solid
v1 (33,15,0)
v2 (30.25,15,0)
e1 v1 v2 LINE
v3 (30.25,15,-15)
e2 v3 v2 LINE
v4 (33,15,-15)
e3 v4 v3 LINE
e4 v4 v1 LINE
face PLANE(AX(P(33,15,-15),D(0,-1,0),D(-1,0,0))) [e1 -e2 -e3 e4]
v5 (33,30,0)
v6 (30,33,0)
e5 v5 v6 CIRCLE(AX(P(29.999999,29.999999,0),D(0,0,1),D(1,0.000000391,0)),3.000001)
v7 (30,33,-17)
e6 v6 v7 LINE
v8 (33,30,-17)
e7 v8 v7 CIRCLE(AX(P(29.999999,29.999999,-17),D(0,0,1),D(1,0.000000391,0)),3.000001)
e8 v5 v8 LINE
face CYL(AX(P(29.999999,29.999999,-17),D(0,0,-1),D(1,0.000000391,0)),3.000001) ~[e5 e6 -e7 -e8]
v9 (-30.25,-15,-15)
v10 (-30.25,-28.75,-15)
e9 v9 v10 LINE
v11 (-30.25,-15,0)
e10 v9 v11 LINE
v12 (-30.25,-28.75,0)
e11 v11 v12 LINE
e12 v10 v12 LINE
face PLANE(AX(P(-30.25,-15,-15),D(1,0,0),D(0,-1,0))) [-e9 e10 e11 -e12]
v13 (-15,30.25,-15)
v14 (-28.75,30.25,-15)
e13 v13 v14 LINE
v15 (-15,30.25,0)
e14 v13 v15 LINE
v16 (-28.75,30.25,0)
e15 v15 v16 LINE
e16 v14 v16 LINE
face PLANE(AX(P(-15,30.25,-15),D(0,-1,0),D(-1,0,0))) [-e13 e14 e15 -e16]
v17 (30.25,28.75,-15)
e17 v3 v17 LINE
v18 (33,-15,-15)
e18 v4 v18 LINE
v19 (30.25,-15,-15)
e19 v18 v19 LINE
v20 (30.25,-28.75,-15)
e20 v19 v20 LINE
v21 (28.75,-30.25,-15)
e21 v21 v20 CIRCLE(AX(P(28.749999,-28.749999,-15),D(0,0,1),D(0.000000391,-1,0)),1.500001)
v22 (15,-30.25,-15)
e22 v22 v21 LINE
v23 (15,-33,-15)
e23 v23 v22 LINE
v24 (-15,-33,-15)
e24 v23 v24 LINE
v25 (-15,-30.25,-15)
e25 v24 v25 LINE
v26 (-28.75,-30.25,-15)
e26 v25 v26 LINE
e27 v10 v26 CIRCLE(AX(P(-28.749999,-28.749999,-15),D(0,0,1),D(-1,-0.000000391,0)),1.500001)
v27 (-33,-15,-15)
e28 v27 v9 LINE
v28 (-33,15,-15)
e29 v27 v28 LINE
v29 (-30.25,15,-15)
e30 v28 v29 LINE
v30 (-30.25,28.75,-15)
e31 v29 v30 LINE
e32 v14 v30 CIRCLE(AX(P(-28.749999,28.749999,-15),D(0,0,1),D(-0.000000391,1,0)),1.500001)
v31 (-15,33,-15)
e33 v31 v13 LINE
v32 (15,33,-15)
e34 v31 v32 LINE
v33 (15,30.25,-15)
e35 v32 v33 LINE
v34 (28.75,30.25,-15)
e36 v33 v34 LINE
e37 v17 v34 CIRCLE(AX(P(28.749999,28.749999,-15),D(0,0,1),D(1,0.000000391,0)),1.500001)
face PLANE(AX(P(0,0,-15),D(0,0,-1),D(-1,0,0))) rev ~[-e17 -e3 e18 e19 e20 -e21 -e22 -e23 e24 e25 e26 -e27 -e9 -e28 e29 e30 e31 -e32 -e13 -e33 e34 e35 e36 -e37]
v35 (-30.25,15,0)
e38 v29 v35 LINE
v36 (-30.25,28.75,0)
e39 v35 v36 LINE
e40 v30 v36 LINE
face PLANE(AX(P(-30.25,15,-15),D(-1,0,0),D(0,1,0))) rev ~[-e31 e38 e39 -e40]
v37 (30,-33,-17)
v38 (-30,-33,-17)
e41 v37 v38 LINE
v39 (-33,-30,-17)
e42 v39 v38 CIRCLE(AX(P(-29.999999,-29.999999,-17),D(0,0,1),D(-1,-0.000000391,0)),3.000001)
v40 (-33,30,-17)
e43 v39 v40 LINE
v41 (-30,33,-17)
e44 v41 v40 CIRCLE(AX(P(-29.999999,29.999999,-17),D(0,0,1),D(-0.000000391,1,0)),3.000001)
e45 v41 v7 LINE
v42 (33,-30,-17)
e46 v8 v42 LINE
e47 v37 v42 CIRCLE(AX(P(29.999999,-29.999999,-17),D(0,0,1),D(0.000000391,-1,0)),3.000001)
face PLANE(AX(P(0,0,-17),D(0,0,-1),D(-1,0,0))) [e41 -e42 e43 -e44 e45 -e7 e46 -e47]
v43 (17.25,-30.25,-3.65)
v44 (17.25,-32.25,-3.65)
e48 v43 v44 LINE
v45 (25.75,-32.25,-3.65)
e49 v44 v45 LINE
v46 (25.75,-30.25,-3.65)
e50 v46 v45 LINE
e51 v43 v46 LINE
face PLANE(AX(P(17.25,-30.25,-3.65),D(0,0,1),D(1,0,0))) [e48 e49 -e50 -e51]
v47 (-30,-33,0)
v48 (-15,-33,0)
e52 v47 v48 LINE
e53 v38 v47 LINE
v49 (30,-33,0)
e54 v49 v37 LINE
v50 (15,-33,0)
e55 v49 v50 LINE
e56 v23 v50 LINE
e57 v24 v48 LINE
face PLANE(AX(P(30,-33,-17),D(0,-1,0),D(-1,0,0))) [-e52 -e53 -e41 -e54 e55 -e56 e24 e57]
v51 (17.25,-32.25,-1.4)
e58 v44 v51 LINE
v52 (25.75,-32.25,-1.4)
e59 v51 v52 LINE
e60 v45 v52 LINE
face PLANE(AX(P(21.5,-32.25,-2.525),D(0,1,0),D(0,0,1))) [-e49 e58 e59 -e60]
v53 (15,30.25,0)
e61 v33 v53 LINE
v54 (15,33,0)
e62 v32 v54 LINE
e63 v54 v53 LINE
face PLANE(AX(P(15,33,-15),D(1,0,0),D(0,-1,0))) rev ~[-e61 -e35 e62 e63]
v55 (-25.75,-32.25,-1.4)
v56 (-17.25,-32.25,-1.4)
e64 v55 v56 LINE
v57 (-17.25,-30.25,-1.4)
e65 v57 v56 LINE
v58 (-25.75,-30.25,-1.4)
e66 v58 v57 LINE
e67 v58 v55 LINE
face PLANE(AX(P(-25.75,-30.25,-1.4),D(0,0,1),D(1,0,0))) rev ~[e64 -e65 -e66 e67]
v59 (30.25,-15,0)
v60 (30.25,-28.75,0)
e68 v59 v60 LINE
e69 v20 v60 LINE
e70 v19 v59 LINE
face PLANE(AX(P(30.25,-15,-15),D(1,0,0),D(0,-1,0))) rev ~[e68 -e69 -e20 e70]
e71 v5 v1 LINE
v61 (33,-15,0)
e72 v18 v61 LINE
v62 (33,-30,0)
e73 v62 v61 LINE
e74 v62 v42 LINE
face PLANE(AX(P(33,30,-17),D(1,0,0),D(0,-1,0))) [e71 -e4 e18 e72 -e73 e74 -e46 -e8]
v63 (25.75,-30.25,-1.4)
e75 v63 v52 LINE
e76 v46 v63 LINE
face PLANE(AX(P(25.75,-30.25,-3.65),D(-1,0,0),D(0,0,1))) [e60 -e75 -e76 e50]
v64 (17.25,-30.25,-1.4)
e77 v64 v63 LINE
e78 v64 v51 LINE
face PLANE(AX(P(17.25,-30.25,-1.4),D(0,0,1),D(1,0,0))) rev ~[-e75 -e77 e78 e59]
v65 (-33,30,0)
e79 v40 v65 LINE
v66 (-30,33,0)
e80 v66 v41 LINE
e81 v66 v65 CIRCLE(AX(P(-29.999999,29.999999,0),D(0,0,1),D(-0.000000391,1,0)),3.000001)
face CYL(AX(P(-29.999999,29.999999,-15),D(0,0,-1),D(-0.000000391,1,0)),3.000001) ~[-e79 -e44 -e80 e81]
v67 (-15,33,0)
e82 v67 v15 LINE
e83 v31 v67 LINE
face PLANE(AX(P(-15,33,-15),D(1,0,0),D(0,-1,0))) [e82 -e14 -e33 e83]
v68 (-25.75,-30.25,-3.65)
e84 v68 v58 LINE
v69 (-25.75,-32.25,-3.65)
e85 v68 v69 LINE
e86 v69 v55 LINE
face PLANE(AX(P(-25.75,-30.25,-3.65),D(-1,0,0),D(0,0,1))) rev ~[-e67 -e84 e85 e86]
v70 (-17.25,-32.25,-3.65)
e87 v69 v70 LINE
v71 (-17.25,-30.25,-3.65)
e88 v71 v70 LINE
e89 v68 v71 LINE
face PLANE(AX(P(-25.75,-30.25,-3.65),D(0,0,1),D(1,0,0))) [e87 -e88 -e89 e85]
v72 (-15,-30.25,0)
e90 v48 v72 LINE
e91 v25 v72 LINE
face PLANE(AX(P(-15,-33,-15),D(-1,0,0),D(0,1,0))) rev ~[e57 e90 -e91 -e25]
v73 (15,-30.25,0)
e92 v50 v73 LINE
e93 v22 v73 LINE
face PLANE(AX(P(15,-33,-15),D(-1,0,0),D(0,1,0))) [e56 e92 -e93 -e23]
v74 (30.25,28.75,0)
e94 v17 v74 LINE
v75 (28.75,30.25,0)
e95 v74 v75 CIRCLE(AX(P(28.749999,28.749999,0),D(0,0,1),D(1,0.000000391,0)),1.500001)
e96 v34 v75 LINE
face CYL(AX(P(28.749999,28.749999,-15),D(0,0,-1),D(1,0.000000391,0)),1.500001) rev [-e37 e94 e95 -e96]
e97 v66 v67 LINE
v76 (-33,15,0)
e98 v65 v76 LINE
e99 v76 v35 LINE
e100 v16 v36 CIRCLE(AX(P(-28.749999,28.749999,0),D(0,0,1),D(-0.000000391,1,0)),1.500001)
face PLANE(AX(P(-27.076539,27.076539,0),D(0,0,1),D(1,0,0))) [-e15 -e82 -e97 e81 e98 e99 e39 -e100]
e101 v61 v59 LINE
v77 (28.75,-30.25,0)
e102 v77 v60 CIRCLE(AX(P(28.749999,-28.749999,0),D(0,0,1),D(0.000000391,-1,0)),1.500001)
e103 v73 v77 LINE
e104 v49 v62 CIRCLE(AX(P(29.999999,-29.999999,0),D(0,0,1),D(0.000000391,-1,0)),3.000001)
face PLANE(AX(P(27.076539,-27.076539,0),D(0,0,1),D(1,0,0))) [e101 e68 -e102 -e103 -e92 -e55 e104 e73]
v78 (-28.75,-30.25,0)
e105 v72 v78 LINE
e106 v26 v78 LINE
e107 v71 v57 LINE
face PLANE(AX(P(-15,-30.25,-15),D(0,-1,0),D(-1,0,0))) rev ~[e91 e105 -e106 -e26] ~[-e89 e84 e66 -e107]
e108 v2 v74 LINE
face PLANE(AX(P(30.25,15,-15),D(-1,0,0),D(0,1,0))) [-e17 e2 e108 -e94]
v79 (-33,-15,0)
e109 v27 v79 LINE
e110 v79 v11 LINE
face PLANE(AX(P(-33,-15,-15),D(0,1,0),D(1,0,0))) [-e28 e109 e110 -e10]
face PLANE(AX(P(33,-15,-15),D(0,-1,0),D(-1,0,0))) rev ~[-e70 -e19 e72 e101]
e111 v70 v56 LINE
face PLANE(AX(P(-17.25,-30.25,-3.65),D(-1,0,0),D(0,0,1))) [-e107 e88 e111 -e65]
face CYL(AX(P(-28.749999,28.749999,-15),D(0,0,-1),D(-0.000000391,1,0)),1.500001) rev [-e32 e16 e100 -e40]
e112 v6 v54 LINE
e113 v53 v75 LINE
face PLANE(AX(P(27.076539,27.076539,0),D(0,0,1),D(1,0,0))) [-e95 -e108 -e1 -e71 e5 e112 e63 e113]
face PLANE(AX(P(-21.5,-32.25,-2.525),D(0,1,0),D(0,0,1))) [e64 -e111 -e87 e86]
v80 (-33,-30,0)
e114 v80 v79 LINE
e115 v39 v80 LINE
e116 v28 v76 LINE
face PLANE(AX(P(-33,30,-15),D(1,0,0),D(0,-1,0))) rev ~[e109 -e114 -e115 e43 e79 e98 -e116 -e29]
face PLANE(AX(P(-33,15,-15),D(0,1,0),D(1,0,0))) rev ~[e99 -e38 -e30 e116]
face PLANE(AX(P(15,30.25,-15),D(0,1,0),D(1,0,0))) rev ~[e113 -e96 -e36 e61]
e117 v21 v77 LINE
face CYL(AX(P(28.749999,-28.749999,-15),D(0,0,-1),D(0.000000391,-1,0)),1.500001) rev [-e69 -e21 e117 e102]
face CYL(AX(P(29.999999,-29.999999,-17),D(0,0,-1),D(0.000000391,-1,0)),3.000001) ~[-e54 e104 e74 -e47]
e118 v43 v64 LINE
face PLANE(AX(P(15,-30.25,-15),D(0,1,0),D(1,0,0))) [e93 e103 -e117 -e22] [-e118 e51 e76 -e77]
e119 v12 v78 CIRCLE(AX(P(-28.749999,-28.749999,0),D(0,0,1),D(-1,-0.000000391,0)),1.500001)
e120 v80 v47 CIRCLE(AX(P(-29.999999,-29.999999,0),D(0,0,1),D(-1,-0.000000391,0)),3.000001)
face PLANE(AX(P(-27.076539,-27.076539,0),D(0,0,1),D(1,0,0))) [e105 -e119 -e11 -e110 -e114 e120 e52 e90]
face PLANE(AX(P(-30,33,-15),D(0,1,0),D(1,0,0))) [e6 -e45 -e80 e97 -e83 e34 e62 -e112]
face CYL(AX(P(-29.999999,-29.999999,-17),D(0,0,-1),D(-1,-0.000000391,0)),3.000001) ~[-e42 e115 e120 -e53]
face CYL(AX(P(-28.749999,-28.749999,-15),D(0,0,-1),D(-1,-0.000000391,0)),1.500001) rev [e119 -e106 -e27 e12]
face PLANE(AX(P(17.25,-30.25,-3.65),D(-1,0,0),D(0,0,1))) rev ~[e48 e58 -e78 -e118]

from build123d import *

# Parameters (mm, degrees)
PAD001_DEPTH = 2
PAD002_DEPTH = 15
SKETCH003_W  = 2.25
SKETCH003_H  = 8.5
POCKET_DEPTH = 2


with BuildPart() as part:
    # Sketch001 → Pad001 (new body)
    with BuildSketch(Plane.XY):
        with BuildLine():
            Line((-30, 33), (30, 33))
            ThreePointArc((33, 30), (32.12132, 32.12132), (30, 33))
            Line((33, 30), (33, -30))
            ThreePointArc((30, -33), (32.12132, -32.12132), (33, -30))
            Line((30, -33), (-30, -33))
            ThreePointArc((-33, -30), (-32.12132, -32.12132), (-30, -33))
            Line((-33, -30), (-33, 30))
            ThreePointArc((-30, 33), (-32.12132, 32.12132), (-33, 30))
        make_face()
    extrude(amount=PAD001_DEPTH)

    # Sketch002 (on Face10 of Pad001) → Pad002 (join)
    with BuildSketch(Plane.XY.offset(2)):
        with BuildLine():
            ThreePointArc((-30, 33), (-32.12132, 32.12132), (-33, 30))
            Line((-33, 30), (-33, 15))
            Line((-33, 15), (-30.25, 15))
            Line((-30.25, 15), (-30.25, 28.75))
            ThreePointArc((-28.75, 30.25), (-29.81066, 29.81066), (-30.25, 28.75))
            Line((-15, 30.25), (-28.75, 30.25))
            Line((-15, 33), (-15, 30.25))
            Line((-30, 33), (-15, 33))
        make_face()
        with BuildLine():
            ThreePointArc((33, 30), (32.12132, 32.12132), (30, 33))
            Line((30, 33), (15, 33))
            Line((15, 33), (15, 30.25))
            Line((15, 30.25), (28.75, 30.25))
            ThreePointArc((30.25, 28.75), (29.81066, 29.81066), (28.75, 30.25))
            Line((30.25, 15), (30.25, 28.75))
            Line((33, 15), (30.25, 15))
            Line((33, 30), (33, 15))
        make_face()
        with BuildLine():
            ThreePointArc((-33, -30), (-32.12132, -32.12132), (-30, -33))
            Line((-30, -33), (-15, -33))
            Line((-15, -33), (-15, -30.25))
            Line((-15, -30.25), (-28.75, -30.25))
            ThreePointArc((-30.25, -28.75), (-29.81066, -29.81066), (-28.75, -30.25))
            Line((-30.25, -15), (-30.25, -28.75))
            Line((-33, -15), (-30.25, -15))
            Line((-33, -30), (-33, -15))
        make_face()
        with BuildLine():
            ThreePointArc((30, -33), (32.12132, -32.12132), (33, -30))
            Line((33, -30), (33, -15))
            Line((33, -15), (30.25, -15))
            Line((30.25, -15), (30.25, -28.75))
            ThreePointArc((28.75, -30.25), (29.81066, -29.81066), (30.25, -28.75))
            Line((15, -30.25), (28.75, -30.25))
            Line((15, -33), (15, -30.25))
            Line((30, -33), (15, -33))
        make_face()
    extrude(amount=PAD002_DEPTH)

    # Sketch003 (on DatumPlane) → Pocket (cut)
    with BuildSketch(Plane(origin=(0, -30.25, 9.5), x_dir=(0, 0, 1), z_dir=(0, 1, 0))):
        with Locations((4.975, -21.5)):
            Rectangle(SKETCH003_W, SKETCH003_H)
        with Locations((4.975, 21.5)):
            Rectangle(SKETCH003_W, SKETCH003_H)
    extrude(amount=-POCKET_DEPTH, mode=Mode.SUBTRACT)


with BuildPart() as part_1:
    # Body001 placement: moved
    add(part.part.moved(Location((0, 0, -17))))


solid = part_1.part
